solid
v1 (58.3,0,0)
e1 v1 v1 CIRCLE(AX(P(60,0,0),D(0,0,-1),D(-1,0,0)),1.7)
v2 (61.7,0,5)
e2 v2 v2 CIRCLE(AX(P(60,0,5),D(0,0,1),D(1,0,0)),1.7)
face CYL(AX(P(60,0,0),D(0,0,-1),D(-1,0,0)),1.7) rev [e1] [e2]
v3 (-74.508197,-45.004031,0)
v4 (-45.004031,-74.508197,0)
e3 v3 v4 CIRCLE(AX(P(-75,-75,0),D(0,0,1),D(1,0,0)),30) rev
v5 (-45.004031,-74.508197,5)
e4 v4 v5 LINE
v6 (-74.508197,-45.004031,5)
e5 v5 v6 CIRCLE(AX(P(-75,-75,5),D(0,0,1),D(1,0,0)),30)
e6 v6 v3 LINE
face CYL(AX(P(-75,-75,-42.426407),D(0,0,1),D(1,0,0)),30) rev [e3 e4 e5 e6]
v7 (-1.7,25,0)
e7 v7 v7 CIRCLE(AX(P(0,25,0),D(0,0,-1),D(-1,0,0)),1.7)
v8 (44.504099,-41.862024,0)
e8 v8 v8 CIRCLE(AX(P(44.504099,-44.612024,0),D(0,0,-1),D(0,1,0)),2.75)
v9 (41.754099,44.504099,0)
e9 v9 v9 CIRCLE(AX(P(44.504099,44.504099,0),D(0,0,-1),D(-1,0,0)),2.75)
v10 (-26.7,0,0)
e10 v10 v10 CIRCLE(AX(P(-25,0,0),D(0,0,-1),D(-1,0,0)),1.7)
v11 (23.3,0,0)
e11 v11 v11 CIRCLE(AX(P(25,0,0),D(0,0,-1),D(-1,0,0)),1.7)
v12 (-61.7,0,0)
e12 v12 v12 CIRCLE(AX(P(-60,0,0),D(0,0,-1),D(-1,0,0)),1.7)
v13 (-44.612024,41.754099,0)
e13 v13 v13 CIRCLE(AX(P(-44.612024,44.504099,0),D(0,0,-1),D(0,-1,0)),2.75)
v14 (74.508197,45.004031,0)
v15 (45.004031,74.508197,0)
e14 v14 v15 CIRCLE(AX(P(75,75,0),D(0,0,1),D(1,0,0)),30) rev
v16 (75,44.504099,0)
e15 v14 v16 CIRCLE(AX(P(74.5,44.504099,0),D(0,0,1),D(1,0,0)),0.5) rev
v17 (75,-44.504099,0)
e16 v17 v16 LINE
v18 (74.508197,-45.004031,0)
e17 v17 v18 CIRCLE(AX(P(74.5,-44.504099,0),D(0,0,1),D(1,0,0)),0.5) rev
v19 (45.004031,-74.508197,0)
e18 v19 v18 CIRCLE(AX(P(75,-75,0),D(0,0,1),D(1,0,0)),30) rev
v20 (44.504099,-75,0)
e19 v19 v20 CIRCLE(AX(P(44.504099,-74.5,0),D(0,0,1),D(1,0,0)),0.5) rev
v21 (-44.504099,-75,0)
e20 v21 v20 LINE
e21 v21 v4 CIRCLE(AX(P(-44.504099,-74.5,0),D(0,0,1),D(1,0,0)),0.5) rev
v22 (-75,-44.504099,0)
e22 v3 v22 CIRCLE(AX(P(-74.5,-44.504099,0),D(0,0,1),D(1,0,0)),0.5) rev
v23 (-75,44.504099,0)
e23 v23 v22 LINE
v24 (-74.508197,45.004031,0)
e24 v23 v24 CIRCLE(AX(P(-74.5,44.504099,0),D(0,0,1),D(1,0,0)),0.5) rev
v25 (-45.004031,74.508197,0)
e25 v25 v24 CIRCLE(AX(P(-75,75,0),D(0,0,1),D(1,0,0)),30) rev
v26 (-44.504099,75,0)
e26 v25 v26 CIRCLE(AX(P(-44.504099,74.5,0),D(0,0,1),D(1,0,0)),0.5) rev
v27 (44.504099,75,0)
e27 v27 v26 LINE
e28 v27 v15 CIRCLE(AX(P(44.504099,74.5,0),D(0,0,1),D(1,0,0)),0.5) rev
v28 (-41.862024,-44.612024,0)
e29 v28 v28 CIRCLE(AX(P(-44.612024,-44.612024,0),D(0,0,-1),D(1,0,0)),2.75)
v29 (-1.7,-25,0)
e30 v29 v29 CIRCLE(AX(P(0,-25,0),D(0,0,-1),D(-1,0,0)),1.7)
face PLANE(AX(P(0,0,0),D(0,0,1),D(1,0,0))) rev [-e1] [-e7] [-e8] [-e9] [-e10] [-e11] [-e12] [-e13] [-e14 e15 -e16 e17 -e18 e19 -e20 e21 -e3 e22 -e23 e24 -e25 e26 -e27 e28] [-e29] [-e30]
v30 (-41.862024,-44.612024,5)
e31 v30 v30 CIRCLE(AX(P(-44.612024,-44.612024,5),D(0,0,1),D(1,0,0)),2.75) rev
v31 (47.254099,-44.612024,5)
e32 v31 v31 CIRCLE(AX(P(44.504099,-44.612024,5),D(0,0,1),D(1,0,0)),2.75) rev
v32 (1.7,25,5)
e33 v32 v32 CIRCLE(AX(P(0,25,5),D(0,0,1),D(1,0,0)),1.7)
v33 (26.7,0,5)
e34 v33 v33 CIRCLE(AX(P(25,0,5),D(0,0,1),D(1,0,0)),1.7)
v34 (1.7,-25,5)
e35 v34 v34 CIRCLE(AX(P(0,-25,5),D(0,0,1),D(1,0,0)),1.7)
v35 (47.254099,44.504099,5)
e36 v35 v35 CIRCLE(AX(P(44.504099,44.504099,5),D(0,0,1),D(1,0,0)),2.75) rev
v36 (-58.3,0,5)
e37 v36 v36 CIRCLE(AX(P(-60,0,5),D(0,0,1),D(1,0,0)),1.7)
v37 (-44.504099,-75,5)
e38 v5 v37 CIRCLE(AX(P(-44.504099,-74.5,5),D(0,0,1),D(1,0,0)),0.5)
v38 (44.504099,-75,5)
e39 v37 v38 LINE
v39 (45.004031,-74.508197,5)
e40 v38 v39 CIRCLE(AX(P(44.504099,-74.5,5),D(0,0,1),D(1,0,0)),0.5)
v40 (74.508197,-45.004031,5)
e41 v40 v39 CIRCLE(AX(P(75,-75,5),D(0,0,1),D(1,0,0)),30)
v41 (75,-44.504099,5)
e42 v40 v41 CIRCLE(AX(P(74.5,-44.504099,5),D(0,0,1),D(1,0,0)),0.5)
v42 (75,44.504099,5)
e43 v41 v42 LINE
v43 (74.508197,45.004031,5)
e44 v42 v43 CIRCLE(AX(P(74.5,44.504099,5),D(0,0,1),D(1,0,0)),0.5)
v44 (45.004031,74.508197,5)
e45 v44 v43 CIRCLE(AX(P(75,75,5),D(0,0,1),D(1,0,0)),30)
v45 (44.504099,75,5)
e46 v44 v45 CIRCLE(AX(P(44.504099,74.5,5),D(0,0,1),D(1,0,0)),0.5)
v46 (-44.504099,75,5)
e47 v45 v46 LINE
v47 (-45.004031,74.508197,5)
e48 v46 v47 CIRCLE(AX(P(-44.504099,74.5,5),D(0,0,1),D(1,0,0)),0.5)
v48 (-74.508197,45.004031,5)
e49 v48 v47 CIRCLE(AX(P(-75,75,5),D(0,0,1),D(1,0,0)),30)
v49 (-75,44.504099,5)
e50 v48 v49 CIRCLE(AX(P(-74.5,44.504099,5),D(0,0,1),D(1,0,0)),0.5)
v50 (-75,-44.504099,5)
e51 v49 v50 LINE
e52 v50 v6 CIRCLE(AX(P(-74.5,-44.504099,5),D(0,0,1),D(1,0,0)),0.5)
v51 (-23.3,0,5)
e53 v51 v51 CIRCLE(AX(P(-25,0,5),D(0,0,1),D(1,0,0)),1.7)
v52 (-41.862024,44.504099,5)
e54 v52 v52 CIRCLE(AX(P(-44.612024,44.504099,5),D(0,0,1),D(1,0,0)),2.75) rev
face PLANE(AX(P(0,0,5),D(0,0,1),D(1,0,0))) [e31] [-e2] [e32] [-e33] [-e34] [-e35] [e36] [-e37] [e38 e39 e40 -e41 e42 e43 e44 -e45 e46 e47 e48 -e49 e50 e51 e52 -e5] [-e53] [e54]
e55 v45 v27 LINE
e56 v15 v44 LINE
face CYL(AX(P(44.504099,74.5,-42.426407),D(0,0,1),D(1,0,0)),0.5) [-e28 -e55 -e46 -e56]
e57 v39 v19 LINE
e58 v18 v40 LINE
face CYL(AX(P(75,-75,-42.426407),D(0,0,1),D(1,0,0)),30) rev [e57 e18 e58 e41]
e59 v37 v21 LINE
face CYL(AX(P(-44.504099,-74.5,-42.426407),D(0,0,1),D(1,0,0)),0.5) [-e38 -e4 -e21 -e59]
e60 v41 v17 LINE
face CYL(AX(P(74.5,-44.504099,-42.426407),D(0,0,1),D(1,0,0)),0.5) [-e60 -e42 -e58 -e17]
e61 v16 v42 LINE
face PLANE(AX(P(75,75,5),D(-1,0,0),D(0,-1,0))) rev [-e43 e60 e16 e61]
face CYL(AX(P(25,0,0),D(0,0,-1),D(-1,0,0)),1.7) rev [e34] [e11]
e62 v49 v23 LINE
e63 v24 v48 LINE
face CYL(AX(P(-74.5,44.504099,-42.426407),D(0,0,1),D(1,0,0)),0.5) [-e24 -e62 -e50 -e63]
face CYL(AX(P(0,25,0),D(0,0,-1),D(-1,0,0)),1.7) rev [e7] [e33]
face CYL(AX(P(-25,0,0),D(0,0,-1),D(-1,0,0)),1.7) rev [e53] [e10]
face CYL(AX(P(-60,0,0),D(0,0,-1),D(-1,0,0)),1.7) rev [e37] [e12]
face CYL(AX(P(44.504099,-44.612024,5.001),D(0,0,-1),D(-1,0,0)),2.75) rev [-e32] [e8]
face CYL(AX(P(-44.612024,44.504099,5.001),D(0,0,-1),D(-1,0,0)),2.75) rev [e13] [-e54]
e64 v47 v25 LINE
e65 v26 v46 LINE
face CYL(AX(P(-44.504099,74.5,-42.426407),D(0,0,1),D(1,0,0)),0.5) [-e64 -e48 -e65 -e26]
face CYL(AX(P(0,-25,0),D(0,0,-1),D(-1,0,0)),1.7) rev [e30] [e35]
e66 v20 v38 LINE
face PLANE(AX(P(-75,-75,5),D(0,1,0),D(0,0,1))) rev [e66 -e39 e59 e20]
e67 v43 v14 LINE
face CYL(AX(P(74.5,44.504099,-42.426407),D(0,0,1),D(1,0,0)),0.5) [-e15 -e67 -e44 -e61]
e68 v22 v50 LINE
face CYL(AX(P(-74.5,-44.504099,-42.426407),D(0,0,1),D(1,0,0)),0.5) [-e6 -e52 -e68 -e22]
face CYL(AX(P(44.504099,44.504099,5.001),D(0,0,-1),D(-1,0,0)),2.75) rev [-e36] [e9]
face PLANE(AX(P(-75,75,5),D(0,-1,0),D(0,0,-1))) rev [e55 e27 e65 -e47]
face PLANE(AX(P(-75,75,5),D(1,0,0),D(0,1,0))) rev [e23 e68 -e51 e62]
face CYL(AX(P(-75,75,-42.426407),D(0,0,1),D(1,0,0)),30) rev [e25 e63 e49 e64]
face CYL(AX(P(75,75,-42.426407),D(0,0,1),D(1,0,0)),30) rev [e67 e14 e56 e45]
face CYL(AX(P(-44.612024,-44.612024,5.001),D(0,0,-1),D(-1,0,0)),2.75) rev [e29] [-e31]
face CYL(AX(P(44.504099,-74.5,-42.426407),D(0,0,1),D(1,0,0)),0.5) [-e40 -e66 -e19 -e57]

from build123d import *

# Parameters (mm, degrees)
ESQUISSE1_W                  = 150
ESQUISSE1_H                  = 150
BOSS_EXTRU_1_DEPTH           = 5
ENL_V_MAT_EXTRU_1_DEPTH      = 5
D_GAGEMENT_M31_D             = 3.4
CONG_1_R                     = 0.5
ENL_V_MAT_EXTRU_2_REACH      = 108.184
ESQUISSE6_R                  = 2.75
R_P_TITION_CIRCULAIRE1_COUNT = 4


with BuildPart() as part:
    # Esquisse1 → Boss.-Extru.1 (new body)
    with BuildSketch(Plane.XY):
        Rectangle(ESQUISSE1_W, ESQUISSE1_H)
    extrude(amount=BOSS_EXTRU_1_DEPTH)

    # Esquisse2 → Enlèv. mat.-Extru.1 (cut)
    with BuildSketch(Plane.XY.offset(5)):
        with BuildLine():
            Line((45, 75), (75, 75))
            Line((75, 75), (75, 45))
            ThreePointArc((75, 45), (53.786796564, 53.786796564), (45, 75))
        make_face()
        with BuildLine():
            Line((75, -75), (45, -75))
            ThreePointArc((45, -75), (53.786796564, -53.786796564), (75, -45))
            Line((75, -45), (75, -75))
        make_face()
        with BuildLine():
            Line((-75, -75), (-75, -45))
            ThreePointArc((-75, -45), (-53.786796564, -53.786796564), (-45, -75))
            Line((-45, -75), (-75, -75))
        make_face()
        with BuildLine():
            Line((-75, 75), (-45, 75))
            ThreePointArc((-45, 75), (-53.786796564, 53.786796564), (-75, 45))
            Line((-75, 45), (-75, 75))
        make_face()
    extrude(amount=-ENL_V_MAT_EXTRU_1_DEPTH, mode=Mode.SUBTRACT)

    # Dégagement M31 (through all)
    with Locations(Plane(origin=(0, 0, 0), x_dir=(-1, 0, 0), z_dir=(0, 0, -1))):
        with Locations((0, 25), (0, -25), (60, 0), (25, 0), (-25, 0), (-60, 0)):
            Hole(D_GAGEMENT_M31_D / 2)

    # Congé1
    cong_1_edges = [part.edges().sort_by_distance(p)[0] for p in [
        (-75, 45, 2.5),
        (-45, 75, 2.5),
        (-45, -75, 2.5),
        (-75, -45, 2.5),
        (75, -45, 2.5),
        (45, -75, 2.5),
        (75, 45, 2.5),
        (45, 75, 2.5),
    ]]
    fillet(cong_1_edges, radius=CONG_1_R)

    # Esquisse6 → Enlèv. mat.-Extru.2 (cut, up to next)
    with BuildSketch(Plane(origin=(0, 0, 0), x_dir=(-1, 0, 0), z_dir=(0, 0, -1)), mode=Mode.PRIVATE) as enl_v_mat_extru_2_sk1:
        with Locations((-44.504098636, 44.504098636)):
            Circle(ESQUISSE6_R)
    enl_v_mat_extru_2_tool1 = extrude(enl_v_mat_extru_2_sk1.sketch, amount=-ENL_V_MAT_EXTRU_2_REACH, mode=Mode.PRIVATE) & part.part
    enl_v_mat_extru_2 = enl_v_mat_extru_2_tool1.solids().sort_by_distance((44.504099, 44.504099, 0))[0]
    add(enl_v_mat_extru_2, mode=Mode.SUBTRACT)

    # Répétition circulaire1: Enlèv. mat.-Extru.2 ×4 about axis
    r_p_tition_circulaire1_axis = Axis((-0.053962748, -0.053962748, 0), (0, 0, 1))
    for i in range(1, R_P_TITION_CIRCULAIRE1_COUNT):
        add(enl_v_mat_extru_2.rotate(r_p_tition_circulaire1_axis, i * 360 / R_P_TITION_CIRCULAIRE1_COUNT), mode=Mode.SUBTRACT)


solid = part.part
